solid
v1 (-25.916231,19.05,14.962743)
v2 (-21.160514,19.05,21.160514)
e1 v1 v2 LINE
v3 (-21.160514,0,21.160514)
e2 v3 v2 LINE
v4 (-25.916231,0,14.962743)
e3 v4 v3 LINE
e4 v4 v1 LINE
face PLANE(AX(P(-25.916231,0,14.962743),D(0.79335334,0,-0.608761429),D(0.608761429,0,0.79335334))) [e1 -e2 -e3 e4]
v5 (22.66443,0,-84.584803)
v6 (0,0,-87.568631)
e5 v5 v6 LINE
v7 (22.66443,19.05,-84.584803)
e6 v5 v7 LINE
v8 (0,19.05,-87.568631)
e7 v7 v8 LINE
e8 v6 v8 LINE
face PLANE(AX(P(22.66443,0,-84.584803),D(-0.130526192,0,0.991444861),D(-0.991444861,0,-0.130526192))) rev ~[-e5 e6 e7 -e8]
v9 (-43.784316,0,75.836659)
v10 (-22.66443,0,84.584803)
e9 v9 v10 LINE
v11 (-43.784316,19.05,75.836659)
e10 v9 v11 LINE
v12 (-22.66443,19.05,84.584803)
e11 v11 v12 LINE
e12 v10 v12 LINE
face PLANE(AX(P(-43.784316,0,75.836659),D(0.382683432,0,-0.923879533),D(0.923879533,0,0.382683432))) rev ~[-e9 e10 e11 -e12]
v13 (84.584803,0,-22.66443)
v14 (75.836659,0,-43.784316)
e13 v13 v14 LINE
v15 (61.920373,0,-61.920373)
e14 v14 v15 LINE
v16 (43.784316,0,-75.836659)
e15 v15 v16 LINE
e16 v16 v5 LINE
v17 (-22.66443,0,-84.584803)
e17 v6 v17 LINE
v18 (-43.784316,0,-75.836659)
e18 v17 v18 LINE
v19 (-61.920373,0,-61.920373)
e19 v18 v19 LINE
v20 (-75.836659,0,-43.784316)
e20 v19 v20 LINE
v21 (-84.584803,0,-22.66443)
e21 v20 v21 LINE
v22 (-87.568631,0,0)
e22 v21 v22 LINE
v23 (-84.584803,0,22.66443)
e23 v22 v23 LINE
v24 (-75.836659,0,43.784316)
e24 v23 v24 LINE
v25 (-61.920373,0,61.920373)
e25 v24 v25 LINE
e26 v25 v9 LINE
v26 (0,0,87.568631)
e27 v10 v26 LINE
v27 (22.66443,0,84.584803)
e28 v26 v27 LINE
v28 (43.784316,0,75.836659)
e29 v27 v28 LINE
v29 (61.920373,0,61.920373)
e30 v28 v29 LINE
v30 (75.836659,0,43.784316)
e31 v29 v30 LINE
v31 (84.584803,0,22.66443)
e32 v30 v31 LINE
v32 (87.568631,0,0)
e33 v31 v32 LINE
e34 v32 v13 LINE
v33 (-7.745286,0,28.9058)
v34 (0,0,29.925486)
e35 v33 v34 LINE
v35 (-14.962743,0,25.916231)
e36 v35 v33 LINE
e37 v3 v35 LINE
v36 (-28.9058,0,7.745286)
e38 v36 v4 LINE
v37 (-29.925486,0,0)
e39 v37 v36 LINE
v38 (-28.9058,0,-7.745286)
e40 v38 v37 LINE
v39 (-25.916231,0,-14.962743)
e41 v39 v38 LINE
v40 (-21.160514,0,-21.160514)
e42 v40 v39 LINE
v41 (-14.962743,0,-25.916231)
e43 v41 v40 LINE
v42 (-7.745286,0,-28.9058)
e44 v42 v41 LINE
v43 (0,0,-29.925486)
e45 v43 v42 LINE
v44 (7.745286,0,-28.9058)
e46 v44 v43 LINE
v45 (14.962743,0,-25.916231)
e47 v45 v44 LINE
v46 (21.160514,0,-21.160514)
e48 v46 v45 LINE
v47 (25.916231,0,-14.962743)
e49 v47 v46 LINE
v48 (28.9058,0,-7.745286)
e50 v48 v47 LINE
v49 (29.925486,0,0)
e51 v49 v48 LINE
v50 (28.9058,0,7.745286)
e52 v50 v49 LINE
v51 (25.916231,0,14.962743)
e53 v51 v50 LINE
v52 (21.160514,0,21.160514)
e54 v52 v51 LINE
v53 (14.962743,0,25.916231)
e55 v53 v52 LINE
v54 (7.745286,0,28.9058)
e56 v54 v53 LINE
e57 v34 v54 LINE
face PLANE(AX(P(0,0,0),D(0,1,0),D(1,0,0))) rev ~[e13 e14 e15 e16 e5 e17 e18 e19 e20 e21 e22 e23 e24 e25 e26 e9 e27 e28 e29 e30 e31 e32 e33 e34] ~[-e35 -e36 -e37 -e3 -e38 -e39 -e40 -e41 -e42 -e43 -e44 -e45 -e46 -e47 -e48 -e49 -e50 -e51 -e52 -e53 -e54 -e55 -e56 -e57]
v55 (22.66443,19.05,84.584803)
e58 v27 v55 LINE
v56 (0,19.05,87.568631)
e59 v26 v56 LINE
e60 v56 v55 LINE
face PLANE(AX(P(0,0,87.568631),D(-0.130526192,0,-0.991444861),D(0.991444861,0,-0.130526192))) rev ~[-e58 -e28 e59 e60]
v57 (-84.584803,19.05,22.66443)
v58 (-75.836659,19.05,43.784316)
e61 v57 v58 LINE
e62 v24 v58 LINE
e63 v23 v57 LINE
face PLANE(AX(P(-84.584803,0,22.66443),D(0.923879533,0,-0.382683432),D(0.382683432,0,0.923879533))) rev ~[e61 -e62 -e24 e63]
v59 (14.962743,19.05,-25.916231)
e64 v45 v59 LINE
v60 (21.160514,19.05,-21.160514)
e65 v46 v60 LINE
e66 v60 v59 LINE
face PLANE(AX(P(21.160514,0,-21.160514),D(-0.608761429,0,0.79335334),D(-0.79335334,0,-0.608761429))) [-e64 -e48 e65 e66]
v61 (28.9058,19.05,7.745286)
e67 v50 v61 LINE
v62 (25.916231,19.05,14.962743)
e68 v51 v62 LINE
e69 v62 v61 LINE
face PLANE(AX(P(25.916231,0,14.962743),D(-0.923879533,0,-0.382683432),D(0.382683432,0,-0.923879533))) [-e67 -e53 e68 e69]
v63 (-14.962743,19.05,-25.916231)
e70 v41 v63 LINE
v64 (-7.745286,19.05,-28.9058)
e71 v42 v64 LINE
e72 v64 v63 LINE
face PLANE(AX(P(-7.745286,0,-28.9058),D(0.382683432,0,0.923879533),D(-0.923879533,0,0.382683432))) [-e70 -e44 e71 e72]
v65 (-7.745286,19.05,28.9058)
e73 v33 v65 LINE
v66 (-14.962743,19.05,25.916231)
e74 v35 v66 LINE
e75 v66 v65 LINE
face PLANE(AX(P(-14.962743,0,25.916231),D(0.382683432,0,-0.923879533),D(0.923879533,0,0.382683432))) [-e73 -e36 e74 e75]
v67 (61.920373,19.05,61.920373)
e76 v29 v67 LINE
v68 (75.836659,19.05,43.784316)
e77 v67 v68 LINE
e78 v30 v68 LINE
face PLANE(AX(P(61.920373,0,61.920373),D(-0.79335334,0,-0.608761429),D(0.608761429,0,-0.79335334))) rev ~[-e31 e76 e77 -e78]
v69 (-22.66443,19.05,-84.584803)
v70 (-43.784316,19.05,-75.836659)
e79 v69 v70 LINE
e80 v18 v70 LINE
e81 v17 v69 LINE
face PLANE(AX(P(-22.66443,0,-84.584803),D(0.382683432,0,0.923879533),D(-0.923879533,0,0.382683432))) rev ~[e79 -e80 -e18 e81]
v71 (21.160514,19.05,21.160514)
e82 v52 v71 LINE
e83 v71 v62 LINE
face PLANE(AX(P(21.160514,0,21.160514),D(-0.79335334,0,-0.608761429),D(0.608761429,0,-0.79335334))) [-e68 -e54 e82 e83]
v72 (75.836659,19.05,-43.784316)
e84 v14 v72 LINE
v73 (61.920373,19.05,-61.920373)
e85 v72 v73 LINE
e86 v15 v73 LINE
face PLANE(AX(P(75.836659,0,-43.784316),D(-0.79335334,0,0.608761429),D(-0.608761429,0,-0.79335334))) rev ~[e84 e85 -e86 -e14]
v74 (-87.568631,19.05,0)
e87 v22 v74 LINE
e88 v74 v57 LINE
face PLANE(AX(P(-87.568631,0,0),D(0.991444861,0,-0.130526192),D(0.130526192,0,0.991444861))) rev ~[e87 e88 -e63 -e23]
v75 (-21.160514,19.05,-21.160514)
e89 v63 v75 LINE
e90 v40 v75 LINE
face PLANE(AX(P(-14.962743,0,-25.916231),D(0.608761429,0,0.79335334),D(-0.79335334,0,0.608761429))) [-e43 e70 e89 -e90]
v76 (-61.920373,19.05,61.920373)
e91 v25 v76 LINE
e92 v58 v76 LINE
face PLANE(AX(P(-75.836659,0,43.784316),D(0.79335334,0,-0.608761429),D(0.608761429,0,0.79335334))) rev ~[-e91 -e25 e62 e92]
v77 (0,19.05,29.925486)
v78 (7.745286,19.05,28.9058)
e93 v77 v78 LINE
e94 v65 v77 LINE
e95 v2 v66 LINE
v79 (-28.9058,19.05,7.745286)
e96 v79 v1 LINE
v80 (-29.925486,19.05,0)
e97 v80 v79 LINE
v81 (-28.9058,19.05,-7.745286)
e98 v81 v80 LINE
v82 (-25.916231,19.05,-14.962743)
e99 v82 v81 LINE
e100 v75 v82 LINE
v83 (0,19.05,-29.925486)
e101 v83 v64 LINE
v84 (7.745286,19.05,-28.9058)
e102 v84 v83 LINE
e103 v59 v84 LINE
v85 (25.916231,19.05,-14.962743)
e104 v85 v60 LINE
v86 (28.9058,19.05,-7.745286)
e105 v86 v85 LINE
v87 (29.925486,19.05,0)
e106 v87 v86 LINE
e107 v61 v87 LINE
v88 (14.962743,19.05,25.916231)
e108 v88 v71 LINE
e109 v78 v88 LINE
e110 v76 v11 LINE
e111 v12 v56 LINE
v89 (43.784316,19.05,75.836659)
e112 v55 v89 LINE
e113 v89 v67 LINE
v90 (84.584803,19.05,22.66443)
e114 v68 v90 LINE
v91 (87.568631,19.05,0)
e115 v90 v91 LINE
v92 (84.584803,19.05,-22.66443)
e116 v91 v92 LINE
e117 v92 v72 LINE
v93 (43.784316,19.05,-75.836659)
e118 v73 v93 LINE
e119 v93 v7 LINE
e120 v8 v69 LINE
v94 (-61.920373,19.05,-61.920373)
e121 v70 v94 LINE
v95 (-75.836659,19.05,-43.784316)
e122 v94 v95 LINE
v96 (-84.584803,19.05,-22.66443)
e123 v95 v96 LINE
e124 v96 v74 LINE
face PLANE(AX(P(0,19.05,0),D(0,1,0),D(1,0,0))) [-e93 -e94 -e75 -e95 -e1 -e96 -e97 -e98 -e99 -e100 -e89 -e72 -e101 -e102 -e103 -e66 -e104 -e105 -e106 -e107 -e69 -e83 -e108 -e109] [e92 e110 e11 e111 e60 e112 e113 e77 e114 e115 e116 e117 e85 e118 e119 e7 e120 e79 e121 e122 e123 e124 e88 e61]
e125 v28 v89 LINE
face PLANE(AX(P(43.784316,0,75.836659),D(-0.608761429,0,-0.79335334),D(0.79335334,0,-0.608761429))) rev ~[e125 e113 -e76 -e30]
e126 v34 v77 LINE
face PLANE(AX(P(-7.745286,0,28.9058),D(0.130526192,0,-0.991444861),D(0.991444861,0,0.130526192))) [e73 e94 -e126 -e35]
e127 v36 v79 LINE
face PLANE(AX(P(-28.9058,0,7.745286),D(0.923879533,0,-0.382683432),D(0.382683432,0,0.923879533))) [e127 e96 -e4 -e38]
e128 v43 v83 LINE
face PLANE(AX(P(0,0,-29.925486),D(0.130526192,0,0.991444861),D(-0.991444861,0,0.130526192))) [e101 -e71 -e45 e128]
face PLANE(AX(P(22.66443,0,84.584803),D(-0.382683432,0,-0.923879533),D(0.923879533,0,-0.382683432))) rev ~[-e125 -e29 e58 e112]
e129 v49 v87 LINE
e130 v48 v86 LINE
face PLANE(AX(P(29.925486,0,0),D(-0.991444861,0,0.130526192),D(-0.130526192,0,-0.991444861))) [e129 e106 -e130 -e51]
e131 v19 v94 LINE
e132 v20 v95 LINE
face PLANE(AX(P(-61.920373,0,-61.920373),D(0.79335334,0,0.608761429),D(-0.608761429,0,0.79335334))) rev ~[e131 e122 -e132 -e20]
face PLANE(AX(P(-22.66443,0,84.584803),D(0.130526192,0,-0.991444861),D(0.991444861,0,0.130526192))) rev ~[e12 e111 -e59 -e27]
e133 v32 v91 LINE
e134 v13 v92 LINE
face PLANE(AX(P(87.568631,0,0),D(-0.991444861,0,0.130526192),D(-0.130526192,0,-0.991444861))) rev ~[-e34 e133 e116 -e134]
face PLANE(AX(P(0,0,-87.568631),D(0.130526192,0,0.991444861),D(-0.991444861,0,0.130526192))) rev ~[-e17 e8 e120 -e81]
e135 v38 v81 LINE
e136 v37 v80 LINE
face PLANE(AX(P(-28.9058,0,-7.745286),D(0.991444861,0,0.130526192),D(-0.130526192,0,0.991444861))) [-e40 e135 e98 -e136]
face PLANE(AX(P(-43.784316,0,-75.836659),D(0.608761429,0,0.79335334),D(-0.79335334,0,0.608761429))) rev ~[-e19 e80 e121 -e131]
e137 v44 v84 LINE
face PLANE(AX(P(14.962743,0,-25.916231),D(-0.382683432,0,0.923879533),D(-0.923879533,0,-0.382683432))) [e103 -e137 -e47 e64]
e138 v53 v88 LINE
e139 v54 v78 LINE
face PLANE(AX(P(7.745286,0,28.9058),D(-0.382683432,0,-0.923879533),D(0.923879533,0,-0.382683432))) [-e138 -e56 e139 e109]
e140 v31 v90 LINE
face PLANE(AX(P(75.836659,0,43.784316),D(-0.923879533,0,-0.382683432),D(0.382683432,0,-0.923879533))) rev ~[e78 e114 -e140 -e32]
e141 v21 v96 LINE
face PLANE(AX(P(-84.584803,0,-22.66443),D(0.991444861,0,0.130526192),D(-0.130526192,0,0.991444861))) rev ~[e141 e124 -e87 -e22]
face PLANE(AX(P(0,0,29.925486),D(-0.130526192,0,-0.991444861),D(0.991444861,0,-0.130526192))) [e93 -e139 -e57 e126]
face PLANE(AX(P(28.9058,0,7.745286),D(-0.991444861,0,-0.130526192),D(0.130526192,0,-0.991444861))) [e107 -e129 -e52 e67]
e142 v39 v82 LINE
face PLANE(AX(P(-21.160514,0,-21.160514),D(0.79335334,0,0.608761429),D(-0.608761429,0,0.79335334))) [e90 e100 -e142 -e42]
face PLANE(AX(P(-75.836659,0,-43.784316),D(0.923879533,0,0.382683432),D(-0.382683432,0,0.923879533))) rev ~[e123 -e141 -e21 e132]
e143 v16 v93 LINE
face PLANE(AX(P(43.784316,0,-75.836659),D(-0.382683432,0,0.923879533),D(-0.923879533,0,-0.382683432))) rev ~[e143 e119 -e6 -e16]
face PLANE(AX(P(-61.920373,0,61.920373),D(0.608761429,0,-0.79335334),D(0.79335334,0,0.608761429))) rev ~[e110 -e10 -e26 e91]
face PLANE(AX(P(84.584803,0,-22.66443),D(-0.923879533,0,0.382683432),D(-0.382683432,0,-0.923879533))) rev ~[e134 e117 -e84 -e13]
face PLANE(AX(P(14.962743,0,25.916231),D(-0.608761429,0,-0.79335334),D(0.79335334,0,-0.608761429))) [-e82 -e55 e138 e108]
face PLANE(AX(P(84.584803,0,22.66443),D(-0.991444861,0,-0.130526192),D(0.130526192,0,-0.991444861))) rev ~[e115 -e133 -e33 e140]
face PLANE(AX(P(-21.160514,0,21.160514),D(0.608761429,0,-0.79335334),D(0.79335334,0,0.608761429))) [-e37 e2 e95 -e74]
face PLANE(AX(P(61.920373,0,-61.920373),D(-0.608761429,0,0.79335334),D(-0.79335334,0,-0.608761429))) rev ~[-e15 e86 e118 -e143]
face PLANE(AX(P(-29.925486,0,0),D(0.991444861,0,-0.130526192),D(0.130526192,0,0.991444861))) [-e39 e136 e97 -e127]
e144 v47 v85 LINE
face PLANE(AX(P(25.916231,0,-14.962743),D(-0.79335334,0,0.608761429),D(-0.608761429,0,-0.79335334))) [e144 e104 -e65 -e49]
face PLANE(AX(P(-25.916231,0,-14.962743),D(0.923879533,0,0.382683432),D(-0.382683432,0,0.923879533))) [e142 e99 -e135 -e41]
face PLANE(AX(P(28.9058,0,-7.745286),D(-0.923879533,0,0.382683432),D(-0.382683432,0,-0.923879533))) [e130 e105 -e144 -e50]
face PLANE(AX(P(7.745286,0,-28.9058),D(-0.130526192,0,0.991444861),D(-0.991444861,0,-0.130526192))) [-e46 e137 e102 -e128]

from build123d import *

# Parameters (mm, degrees)
BOSS_EXTRUDE1_DEPTH = 19.05


with BuildPart() as part:
    # Sketch1 → Boss-Extrude1 (new body)
    with BuildSketch(Plane(origin=(0, 0, 0), x_dir=(1, 0, 0), z_dir=(0, 1, 0))):
        Polygon((87.568631288, 0), (84.584802534, 22.664429531), (75.83665927, 43.784315644), (61.920373003, 61.920373003), (43.784315644, 75.83665927), (22.664429531, 84.584802534), (0, 87.568631288), (-22.664429531, 84.584802534), (-43.784315644, 75.83665927), (-61.920373003, 61.920373003), (-75.83665927, 43.784315644), (-84.584802534, 22.664429531), (-87.568631288, 0), (-84.584802534, -22.664429531), (-75.83665927, -43.784315644), (-61.920373003, -61.920373003), (-43.784315644, -75.83665927), (-22.664429531, -84.584802534), (0, -87.568631288), (22.664429531, -84.584802534), (43.784315644, -75.83665927), (61.920373003, -61.920373003), (75.83665927, -43.784315644), (84.584802534, -22.664429531), align=None)
        Polygon((29.925486191, 0), (28.905799976, 7.74528576), (25.916231262, 14.962743096), (21.160514216, 21.160514216), (14.962743096, 25.916231262), (7.74528576, 28.905799976), (0, 29.925486191), (-7.74528576, 28.905799976), (-14.962743096, 25.916231262), (-21.160514216, 21.160514216), (-25.916231262, 14.962743096), (-28.905799976, 7.74528576), (-29.925486191, 0), (-28.905799976, -7.74528576), (-25.916231262, -14.962743096), (-21.160514216, -21.160514216), (-14.962743096, -25.916231262), (-7.74528576, -28.905799976), (0, -29.925486191), (7.74528576, -28.905799976), (14.962743096, -25.916231262), (21.160514216, -21.160514216), (25.916231262, -14.962743096), (28.905799976, -7.74528576), align=None, mode=Mode.SUBTRACT)
    extrude(amount=BOSS_EXTRUDE1_DEPTH)


solid = part.part
